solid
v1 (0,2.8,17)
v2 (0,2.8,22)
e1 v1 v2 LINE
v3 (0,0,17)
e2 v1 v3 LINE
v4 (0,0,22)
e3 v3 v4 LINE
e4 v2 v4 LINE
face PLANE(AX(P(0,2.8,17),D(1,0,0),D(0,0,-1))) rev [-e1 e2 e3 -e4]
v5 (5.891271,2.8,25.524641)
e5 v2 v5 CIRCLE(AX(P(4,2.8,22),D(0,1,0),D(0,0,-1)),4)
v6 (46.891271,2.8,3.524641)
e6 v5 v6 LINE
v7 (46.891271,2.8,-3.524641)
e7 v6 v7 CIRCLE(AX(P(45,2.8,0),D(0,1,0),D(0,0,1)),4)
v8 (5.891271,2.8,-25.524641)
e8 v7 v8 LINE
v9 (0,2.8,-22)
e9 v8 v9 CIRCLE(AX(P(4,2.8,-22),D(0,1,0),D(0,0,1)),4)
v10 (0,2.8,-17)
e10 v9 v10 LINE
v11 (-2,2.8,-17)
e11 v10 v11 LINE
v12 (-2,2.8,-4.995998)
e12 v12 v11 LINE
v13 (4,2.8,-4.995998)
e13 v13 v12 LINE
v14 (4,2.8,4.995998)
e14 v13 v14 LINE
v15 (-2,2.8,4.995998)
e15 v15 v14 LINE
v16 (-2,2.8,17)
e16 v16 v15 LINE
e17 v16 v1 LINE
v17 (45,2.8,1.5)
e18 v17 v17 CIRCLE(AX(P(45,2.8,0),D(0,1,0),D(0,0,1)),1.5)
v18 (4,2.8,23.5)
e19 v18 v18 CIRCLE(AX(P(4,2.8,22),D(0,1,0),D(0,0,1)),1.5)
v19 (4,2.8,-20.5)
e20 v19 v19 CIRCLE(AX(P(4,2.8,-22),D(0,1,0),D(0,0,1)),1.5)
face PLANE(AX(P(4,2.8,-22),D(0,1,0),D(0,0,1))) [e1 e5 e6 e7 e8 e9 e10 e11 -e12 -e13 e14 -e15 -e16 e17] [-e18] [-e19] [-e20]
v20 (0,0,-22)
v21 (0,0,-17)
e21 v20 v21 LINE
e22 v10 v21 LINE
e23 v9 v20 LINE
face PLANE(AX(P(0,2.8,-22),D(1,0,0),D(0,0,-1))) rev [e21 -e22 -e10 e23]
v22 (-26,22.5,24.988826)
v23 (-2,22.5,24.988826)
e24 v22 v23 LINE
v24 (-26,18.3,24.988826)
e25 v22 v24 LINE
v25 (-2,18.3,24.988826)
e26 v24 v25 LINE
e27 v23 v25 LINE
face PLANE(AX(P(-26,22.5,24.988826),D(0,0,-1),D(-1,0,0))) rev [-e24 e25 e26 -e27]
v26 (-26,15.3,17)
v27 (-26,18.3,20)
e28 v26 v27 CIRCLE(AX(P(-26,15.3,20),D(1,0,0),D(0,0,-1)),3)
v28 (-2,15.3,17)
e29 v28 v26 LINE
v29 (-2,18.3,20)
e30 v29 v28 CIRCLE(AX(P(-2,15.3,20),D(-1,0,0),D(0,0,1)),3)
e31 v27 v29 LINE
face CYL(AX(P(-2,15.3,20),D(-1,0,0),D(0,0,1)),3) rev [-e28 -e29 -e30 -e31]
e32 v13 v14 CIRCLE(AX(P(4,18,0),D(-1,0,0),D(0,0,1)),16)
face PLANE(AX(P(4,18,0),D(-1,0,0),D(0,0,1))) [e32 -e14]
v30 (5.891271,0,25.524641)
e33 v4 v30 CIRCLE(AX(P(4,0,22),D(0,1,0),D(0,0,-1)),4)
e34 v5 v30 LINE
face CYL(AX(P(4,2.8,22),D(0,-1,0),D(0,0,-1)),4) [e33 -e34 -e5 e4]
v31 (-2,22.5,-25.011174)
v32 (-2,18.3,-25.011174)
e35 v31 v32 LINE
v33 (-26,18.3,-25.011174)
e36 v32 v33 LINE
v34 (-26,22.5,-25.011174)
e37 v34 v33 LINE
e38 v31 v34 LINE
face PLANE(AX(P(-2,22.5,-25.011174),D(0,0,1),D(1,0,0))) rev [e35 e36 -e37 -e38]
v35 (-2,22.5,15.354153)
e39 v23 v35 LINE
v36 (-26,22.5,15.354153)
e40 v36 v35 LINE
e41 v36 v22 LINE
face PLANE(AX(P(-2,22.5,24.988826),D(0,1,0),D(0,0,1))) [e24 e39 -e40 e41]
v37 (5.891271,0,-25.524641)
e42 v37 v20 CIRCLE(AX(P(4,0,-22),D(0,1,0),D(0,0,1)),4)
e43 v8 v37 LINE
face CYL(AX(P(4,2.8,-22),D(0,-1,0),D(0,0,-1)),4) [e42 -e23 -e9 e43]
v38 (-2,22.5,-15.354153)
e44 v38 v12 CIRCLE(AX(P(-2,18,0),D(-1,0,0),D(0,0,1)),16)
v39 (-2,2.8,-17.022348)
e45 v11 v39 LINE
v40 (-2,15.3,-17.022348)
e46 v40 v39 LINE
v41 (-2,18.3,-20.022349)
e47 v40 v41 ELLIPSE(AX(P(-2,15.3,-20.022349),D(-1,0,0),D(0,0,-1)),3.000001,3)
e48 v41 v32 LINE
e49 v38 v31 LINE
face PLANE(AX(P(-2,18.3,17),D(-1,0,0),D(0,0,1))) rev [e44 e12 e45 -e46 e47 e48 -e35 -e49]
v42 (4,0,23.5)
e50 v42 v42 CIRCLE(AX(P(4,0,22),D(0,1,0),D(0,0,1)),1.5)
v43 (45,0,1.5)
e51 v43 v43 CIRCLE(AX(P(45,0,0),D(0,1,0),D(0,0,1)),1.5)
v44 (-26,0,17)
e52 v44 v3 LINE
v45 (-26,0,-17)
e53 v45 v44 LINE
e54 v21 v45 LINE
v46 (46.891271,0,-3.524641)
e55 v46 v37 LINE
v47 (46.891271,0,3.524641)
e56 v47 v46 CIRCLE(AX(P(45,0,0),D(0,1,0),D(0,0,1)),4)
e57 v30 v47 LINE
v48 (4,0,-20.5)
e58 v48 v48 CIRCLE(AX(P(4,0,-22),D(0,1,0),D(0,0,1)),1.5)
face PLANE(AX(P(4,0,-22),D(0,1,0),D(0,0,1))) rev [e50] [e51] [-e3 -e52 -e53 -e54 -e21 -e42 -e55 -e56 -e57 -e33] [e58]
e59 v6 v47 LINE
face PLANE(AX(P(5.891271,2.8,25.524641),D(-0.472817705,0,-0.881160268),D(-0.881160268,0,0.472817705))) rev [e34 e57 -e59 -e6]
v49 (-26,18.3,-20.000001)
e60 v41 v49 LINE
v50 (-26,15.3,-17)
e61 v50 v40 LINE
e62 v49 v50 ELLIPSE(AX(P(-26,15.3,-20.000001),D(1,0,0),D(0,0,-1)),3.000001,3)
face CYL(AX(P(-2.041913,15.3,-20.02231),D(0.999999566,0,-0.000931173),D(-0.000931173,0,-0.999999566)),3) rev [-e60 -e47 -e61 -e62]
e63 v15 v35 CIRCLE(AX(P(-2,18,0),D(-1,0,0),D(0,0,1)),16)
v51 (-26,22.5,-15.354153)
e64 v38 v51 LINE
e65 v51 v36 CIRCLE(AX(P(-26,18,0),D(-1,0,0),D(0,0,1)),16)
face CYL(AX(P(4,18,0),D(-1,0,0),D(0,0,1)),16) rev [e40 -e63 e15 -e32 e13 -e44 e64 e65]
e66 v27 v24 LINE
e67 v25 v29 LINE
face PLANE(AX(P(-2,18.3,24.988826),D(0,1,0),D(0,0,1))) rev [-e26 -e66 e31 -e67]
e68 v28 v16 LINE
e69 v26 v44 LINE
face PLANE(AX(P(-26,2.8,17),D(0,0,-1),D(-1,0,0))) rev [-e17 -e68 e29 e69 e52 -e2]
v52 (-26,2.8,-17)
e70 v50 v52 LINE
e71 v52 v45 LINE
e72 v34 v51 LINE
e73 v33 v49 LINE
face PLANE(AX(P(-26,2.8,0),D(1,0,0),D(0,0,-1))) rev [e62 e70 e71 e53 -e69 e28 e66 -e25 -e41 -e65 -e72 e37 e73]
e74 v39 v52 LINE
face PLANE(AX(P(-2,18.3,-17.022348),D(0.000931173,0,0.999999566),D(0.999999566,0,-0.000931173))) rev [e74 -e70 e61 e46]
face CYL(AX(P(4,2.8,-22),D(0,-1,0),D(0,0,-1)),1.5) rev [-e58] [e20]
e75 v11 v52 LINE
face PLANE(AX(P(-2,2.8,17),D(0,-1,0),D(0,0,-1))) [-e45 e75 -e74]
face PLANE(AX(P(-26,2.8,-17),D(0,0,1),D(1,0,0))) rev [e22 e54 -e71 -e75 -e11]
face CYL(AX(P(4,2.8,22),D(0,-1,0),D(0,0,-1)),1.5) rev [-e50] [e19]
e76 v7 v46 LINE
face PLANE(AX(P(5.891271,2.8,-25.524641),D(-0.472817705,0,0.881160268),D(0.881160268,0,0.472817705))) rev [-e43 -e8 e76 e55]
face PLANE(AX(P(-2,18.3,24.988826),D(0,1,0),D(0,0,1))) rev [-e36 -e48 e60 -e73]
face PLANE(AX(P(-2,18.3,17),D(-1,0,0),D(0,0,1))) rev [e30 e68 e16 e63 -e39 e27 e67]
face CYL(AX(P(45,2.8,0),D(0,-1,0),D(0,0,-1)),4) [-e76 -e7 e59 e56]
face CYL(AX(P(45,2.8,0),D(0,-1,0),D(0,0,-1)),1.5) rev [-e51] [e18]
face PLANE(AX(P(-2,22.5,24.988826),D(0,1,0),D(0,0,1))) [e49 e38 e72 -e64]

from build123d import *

# Parameters (mm, degrees)
SKETCH_1_R          = 1.5
EXTRUDE_1_DEPTH     = 2.8
EXTRUDE_2_DEPTH     = 15.5
SKETCH_3_W          = 24
SKETCH_3_H          = 50
EXTRUDE_3_DEPTH     = 4.2
SKETCH_4_R          = 16
CUT_EXTRUDE_4_DEPTH = 30
FILLET_1_R          = 3


with BuildPart() as part:
    # Эскиз1 → Вытянуть1 (new body)
    with BuildSketch(Plane(origin=(0, 0, 0), x_dir=(1, 0, 0), z_dir=(0, 1, 0))):
        with BuildLine():
            Line((0, 22), (0, 17))
            Line((0, 17), (-26, 17))
            Line((-26, 17), (-26, 0))
            Line((-26, 0), (-26, -17))
            Line((-26, -17), (0, -17))
            Line((0, -17), (0, -22))
            ThreePointArc((0, -22), (1.94635486, -25.432570704), (5.891270819, -25.524641072))
            Line((5.891270819, -25.524641072), (46.891270819, -3.524641072))
            ThreePointArc((46.891270819, -3.524641072), (49, 0), (46.891270819, 3.524641072))
            Line((46.891270819, 3.524641072), (5.891270819, 25.524641072))
            ThreePointArc((5.891270819, 25.524641072), (1.94635486, 25.432570704), (0, 22))
        make_face()
        with Locations(Location((4, 22, 0), (0, 0, 270))):
            Circle(SKETCH_1_R, mode=Mode.SUBTRACT)
        with Locations(Location((4, -22, 0), (0, 0, 270))):
            Circle(SKETCH_1_R, mode=Mode.SUBTRACT)
        with Locations(Location((45, 0, 0), (0, 0, 270))):
            Circle(SKETCH_1_R, mode=Mode.SUBTRACT)
    extrude(amount=EXTRUDE_1_DEPTH)

    # Эскиз2 → Вытянуть2 (add)
    with BuildSketch(Plane(origin=(0, 2.8, 0), x_dir=(1, 0, 0), z_dir=(0, 1, 0))):
        Polygon((-2, 17.022348164), (-26, 17), (-26, -17), (-2, -17), align=None)
    extrude(amount=EXTRUDE_2_DEPTH)

    # Эскиз3 → Вытянуть3 (add)
    with BuildSketch(Plane(origin=(0, 18.3, 0), x_dir=(1, 0, 0), z_dir=(0, 1, 0))):
        with Locations((-14, 0.011174082)):
            Rectangle(SKETCH_3_W, SKETCH_3_H)
    extrude(amount=EXTRUDE_3_DEPTH)

    # Эскиз4 → Вытянуть4 (cut)
    with BuildSketch(Plane.ZY.offset(26)):
        with Locations((0, 18)):
            Circle(SKETCH_4_R)
    extrude(amount=-CUT_EXTRUDE_4_DEPTH, mode=Mode.SUBTRACT)

    # Скругление1
    fillet_1_edges = [part.edges().sort_by_distance(p)[0] for p in [
        (-14, 18.3, -17.011174082),
        (-14, 18.3, 17),
    ]]
    fillet(fillet_1_edges, radius=FILLET_1_R)


solid = part.part
